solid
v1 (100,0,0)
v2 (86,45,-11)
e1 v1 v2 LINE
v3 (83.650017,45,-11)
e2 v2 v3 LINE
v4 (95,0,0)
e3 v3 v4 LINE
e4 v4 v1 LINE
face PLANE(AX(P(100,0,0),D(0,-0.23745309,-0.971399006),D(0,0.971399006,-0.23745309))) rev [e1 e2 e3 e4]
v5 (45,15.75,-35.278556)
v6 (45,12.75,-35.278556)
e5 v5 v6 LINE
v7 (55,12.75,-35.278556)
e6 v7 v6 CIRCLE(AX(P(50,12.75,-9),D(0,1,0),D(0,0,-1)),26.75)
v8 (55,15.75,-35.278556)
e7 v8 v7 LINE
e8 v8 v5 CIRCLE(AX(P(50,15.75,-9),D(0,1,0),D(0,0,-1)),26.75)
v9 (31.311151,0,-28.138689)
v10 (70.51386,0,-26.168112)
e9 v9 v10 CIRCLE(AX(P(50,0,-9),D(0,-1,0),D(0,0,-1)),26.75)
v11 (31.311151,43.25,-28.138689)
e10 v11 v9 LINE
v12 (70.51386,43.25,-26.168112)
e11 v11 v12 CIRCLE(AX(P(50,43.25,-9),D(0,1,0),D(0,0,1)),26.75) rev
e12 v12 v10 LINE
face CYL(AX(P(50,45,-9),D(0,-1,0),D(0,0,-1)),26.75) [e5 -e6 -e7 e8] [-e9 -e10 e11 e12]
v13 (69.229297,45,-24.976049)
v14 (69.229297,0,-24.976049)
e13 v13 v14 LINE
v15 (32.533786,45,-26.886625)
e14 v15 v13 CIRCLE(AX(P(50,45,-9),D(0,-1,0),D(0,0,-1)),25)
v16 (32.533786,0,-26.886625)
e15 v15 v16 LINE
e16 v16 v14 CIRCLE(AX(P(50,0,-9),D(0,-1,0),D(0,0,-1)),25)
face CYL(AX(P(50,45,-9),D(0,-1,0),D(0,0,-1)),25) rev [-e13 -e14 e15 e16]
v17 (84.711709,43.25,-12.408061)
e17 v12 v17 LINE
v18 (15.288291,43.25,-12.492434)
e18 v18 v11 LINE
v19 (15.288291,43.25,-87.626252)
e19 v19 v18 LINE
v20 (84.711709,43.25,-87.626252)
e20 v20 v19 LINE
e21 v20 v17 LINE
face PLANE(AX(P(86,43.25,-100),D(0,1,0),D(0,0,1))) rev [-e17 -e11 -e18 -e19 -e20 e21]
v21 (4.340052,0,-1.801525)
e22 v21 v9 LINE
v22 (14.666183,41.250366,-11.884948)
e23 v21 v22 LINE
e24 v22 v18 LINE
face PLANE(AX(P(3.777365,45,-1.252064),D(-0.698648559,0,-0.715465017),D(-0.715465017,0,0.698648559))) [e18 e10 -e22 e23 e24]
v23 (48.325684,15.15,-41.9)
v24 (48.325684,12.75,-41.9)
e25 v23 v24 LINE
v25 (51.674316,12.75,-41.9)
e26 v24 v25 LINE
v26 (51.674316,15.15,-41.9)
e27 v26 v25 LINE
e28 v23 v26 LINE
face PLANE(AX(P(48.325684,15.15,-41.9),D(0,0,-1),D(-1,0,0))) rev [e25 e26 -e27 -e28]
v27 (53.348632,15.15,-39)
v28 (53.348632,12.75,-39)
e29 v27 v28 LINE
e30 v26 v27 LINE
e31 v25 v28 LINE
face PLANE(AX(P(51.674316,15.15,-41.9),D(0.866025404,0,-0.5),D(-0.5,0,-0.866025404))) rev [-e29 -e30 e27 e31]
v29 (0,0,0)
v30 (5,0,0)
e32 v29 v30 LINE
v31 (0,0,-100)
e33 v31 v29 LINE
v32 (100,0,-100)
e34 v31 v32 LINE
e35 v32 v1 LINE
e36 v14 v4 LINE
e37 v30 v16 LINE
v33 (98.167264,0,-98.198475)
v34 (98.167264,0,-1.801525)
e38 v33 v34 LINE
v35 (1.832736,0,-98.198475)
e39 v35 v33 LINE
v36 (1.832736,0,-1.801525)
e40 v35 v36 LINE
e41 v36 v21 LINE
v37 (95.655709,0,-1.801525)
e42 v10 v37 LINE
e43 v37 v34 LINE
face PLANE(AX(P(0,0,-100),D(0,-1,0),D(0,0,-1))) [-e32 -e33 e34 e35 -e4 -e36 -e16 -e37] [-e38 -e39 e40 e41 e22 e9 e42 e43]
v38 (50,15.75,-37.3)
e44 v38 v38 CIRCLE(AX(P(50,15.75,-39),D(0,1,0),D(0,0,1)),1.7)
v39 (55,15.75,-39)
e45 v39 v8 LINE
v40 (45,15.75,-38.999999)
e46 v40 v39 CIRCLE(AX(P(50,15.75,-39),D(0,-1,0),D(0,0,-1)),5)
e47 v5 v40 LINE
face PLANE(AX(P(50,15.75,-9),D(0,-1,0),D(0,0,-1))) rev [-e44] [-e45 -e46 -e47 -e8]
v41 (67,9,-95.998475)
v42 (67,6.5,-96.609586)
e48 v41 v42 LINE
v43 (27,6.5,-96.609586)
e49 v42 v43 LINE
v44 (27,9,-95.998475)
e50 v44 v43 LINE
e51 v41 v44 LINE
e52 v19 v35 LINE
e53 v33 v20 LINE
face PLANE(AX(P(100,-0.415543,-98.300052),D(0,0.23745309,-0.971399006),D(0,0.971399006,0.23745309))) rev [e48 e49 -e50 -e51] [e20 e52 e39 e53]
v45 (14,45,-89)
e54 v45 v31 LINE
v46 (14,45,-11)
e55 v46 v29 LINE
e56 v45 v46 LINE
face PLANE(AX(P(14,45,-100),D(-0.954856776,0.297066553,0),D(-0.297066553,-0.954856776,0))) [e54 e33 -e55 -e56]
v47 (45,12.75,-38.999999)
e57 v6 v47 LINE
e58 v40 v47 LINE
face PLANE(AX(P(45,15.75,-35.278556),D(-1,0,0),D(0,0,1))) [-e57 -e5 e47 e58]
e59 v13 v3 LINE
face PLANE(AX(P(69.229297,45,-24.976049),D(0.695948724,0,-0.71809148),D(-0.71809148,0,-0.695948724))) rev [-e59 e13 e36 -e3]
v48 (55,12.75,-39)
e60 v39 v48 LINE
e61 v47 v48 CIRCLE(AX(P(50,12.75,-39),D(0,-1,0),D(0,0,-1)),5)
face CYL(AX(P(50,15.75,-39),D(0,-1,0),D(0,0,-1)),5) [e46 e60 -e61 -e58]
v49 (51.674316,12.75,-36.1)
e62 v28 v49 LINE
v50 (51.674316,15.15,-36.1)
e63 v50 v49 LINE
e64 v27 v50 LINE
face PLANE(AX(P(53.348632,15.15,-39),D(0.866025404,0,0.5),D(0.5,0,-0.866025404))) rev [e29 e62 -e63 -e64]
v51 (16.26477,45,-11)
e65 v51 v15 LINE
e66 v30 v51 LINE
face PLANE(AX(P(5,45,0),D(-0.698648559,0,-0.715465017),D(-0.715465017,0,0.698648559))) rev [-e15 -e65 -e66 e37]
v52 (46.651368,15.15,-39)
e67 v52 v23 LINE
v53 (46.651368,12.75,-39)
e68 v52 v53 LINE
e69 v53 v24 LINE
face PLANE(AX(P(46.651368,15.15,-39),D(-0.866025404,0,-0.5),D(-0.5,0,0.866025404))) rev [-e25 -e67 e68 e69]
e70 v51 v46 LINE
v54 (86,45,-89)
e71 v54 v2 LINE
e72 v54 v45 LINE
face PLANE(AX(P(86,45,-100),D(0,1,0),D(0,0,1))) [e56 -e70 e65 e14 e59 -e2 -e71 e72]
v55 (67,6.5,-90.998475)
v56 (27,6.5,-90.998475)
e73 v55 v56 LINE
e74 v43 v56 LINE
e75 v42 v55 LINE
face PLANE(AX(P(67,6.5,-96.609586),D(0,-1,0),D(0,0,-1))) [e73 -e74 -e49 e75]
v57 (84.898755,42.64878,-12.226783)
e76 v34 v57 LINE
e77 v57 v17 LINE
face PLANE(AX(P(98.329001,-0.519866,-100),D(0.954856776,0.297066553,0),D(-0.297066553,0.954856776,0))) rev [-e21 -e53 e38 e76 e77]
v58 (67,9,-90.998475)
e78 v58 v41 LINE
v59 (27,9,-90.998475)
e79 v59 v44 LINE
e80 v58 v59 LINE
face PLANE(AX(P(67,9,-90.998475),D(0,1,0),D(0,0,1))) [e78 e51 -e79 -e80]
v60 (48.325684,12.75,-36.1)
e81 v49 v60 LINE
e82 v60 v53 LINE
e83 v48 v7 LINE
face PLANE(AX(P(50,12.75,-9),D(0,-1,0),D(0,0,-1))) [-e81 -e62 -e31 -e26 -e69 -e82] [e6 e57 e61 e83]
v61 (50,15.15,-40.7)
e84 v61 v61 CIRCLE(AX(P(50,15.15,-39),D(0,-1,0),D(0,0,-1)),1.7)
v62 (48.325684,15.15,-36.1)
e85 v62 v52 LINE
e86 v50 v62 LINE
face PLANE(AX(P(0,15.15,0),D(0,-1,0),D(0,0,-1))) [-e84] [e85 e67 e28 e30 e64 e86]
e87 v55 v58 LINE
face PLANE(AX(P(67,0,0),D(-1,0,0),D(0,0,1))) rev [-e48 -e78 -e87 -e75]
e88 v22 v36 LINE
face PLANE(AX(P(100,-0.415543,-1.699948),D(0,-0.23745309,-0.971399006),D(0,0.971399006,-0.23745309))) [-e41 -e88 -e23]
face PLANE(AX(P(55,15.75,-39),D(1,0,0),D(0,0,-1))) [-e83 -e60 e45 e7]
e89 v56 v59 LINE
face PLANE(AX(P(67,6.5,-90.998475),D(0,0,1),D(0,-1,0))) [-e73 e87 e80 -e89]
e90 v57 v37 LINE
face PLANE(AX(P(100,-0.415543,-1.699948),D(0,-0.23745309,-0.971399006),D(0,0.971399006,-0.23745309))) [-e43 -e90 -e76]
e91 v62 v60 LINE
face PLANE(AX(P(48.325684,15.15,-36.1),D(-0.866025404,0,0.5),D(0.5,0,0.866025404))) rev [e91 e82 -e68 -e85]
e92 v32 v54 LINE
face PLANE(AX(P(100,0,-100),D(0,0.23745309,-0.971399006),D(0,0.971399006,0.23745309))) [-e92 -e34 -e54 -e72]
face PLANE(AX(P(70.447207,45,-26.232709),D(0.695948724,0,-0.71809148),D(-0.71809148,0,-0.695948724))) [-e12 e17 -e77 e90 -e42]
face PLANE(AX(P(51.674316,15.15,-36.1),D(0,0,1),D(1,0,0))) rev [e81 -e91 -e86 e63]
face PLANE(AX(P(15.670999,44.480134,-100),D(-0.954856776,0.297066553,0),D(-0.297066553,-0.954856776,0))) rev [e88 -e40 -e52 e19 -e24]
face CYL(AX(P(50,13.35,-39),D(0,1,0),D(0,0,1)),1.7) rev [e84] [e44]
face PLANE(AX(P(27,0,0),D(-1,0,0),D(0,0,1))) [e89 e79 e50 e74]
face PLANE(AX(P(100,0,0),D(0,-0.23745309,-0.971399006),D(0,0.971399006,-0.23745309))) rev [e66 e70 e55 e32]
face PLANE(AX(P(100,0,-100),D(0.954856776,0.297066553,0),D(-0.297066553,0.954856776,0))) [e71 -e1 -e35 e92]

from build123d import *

# Parameters (mm, degrees)
GRUNDK_RPER_DEPTH               = 100
SCHRAEGEN_VORNE_DEPTH           = 100
SCHNITT_LINEAR_AUSTRAGEN4_DEPTH = 45
WANDUNG1_T                      = -1.75
AUFSATZ_LINEAR_AUSTRAGEN1_DEPTH = 40
AUFSATZ_LINEAR_AUSTRAGEN3_DEPTH = 3
SCHNITT_LINEAR_AUSTRAGEN6_DEPTH = 2.4
SKIZZE13_R                      = 1.7
SCHNITT_LINEAR_AUSTRAGEN7_DEPTH = 2.4


with BuildPart() as part:
    # Skizze1 → Grundkörper (new body)
    with BuildSketch(Plane.XY):
        Polygon((0, 0), (100, 0), (86, 45), (14, 45), align=None)
    extrude(amount=-GRUNDK_RPER_DEPTH)

    # Skizze2 → Schraegen_vorne (cut)
    with BuildSketch(Plane(origin=(0, 0, 0), x_dir=(0, 0, -1), z_dir=(1, 0, 0))):
        Polygon((100, 0), (89, 45), (100, 45), align=None)
    schraegen_vorne = extrude(amount=SCHRAEGEN_VORNE_DEPTH, mode=Mode.SUBTRACT)

    # Spiegel_Schraege_hinten: Schraegen_vorne across plane
    add(schraegen_vorne.mirror(Plane.XY.offset(-50)), mode=Mode.SUBTRACT)

    # Skizze4 → Schnitt-Linear austragen4 (cut)
    with BuildSketch(Plane.XZ):
        with BuildLine():
            Line((5, 0), (95, 0))
            Line((95, 0), (69.229297103, -24.976048727))
            ThreePointArc((69.229297103, -24.976048727), (51.299881289, -33.966183301), (32.533786025, -26.886625433))
            Line((32.533786025, -26.886625433), (5, 0))
        make_face()
    extrude(amount=-SCHNITT_LINEAR_AUSTRAGEN4_DEPTH, mode=Mode.SUBTRACT)

    # Wandung1
    wandung1_openings = [part.faces().sort_by_distance(p)[0] for p in [
        (50.008556747, 0, -58.352640724),
    ]]
    offset(amount=WANDUNG1_T, openings=wandung1_openings, kind=Kind.INTERSECTION)

    # Skizze5 → Aufsatz-Linear austragen1 (add)
    with BuildSketch(Plane.ZY.offset(-27)):
        Polygon((-90.998474583, 9), (-95.998474583, 9), (-96.609585694, 6.5), (-90.998474583, 6.5), align=None)
    extrude(amount=-AUFSATZ_LINEAR_AUSTRAGEN1_DEPTH)

    # Skizze10 → Aufsatz-Linear austragen3 (add)
    with BuildSketch(Plane(origin=(0, 12.75, 0), x_dir=(-1, 0, 0), z_dir=(0, -1, 0))):
        with BuildLine():
            Line((-45, 35.278555896), (-45, 38.999999059))
            ThreePointArc((-45, 38.999999059), (-49.999999529, 44), (-55, 39))
            Line((-55, 39), (-55, 35.278555896))
            ThreePointArc((-55, 35.278555896), (-50, 35.75), (-45, 35.278555896))
        make_face()
    extrude(amount=-AUFSATZ_LINEAR_AUSTRAGEN3_DEPTH)

    # Skizze12 → Schnitt-Linear austragen6 (cut)
    with BuildSketch(Plane.XZ.offset(-12.75)):
        Polygon((46.651368439, -39), (48.325684219, -41.9), (51.674315781, -41.9), (53.348631561, -39), (51.674315781, -36.1), (48.325684219, -36.1), align=None)
    extrude(amount=-SCHNITT_LINEAR_AUSTRAGEN6_DEPTH, mode=Mode.SUBTRACT)

    # Skizze13 → Schnitt-Linear austragen7 (cut)
    with BuildSketch(Plane(origin=(0, 15.75, 0), x_dir=(1, 0, 0), z_dir=(0, 1, 0))):
        with Locations(Location((50, 39, 0), (0, 0, 270))):
            Circle(SKIZZE13_R)
    extrude(amount=-SCHNITT_LINEAR_AUSTRAGEN7_DEPTH, mode=Mode.SUBTRACT)


solid = part.part
